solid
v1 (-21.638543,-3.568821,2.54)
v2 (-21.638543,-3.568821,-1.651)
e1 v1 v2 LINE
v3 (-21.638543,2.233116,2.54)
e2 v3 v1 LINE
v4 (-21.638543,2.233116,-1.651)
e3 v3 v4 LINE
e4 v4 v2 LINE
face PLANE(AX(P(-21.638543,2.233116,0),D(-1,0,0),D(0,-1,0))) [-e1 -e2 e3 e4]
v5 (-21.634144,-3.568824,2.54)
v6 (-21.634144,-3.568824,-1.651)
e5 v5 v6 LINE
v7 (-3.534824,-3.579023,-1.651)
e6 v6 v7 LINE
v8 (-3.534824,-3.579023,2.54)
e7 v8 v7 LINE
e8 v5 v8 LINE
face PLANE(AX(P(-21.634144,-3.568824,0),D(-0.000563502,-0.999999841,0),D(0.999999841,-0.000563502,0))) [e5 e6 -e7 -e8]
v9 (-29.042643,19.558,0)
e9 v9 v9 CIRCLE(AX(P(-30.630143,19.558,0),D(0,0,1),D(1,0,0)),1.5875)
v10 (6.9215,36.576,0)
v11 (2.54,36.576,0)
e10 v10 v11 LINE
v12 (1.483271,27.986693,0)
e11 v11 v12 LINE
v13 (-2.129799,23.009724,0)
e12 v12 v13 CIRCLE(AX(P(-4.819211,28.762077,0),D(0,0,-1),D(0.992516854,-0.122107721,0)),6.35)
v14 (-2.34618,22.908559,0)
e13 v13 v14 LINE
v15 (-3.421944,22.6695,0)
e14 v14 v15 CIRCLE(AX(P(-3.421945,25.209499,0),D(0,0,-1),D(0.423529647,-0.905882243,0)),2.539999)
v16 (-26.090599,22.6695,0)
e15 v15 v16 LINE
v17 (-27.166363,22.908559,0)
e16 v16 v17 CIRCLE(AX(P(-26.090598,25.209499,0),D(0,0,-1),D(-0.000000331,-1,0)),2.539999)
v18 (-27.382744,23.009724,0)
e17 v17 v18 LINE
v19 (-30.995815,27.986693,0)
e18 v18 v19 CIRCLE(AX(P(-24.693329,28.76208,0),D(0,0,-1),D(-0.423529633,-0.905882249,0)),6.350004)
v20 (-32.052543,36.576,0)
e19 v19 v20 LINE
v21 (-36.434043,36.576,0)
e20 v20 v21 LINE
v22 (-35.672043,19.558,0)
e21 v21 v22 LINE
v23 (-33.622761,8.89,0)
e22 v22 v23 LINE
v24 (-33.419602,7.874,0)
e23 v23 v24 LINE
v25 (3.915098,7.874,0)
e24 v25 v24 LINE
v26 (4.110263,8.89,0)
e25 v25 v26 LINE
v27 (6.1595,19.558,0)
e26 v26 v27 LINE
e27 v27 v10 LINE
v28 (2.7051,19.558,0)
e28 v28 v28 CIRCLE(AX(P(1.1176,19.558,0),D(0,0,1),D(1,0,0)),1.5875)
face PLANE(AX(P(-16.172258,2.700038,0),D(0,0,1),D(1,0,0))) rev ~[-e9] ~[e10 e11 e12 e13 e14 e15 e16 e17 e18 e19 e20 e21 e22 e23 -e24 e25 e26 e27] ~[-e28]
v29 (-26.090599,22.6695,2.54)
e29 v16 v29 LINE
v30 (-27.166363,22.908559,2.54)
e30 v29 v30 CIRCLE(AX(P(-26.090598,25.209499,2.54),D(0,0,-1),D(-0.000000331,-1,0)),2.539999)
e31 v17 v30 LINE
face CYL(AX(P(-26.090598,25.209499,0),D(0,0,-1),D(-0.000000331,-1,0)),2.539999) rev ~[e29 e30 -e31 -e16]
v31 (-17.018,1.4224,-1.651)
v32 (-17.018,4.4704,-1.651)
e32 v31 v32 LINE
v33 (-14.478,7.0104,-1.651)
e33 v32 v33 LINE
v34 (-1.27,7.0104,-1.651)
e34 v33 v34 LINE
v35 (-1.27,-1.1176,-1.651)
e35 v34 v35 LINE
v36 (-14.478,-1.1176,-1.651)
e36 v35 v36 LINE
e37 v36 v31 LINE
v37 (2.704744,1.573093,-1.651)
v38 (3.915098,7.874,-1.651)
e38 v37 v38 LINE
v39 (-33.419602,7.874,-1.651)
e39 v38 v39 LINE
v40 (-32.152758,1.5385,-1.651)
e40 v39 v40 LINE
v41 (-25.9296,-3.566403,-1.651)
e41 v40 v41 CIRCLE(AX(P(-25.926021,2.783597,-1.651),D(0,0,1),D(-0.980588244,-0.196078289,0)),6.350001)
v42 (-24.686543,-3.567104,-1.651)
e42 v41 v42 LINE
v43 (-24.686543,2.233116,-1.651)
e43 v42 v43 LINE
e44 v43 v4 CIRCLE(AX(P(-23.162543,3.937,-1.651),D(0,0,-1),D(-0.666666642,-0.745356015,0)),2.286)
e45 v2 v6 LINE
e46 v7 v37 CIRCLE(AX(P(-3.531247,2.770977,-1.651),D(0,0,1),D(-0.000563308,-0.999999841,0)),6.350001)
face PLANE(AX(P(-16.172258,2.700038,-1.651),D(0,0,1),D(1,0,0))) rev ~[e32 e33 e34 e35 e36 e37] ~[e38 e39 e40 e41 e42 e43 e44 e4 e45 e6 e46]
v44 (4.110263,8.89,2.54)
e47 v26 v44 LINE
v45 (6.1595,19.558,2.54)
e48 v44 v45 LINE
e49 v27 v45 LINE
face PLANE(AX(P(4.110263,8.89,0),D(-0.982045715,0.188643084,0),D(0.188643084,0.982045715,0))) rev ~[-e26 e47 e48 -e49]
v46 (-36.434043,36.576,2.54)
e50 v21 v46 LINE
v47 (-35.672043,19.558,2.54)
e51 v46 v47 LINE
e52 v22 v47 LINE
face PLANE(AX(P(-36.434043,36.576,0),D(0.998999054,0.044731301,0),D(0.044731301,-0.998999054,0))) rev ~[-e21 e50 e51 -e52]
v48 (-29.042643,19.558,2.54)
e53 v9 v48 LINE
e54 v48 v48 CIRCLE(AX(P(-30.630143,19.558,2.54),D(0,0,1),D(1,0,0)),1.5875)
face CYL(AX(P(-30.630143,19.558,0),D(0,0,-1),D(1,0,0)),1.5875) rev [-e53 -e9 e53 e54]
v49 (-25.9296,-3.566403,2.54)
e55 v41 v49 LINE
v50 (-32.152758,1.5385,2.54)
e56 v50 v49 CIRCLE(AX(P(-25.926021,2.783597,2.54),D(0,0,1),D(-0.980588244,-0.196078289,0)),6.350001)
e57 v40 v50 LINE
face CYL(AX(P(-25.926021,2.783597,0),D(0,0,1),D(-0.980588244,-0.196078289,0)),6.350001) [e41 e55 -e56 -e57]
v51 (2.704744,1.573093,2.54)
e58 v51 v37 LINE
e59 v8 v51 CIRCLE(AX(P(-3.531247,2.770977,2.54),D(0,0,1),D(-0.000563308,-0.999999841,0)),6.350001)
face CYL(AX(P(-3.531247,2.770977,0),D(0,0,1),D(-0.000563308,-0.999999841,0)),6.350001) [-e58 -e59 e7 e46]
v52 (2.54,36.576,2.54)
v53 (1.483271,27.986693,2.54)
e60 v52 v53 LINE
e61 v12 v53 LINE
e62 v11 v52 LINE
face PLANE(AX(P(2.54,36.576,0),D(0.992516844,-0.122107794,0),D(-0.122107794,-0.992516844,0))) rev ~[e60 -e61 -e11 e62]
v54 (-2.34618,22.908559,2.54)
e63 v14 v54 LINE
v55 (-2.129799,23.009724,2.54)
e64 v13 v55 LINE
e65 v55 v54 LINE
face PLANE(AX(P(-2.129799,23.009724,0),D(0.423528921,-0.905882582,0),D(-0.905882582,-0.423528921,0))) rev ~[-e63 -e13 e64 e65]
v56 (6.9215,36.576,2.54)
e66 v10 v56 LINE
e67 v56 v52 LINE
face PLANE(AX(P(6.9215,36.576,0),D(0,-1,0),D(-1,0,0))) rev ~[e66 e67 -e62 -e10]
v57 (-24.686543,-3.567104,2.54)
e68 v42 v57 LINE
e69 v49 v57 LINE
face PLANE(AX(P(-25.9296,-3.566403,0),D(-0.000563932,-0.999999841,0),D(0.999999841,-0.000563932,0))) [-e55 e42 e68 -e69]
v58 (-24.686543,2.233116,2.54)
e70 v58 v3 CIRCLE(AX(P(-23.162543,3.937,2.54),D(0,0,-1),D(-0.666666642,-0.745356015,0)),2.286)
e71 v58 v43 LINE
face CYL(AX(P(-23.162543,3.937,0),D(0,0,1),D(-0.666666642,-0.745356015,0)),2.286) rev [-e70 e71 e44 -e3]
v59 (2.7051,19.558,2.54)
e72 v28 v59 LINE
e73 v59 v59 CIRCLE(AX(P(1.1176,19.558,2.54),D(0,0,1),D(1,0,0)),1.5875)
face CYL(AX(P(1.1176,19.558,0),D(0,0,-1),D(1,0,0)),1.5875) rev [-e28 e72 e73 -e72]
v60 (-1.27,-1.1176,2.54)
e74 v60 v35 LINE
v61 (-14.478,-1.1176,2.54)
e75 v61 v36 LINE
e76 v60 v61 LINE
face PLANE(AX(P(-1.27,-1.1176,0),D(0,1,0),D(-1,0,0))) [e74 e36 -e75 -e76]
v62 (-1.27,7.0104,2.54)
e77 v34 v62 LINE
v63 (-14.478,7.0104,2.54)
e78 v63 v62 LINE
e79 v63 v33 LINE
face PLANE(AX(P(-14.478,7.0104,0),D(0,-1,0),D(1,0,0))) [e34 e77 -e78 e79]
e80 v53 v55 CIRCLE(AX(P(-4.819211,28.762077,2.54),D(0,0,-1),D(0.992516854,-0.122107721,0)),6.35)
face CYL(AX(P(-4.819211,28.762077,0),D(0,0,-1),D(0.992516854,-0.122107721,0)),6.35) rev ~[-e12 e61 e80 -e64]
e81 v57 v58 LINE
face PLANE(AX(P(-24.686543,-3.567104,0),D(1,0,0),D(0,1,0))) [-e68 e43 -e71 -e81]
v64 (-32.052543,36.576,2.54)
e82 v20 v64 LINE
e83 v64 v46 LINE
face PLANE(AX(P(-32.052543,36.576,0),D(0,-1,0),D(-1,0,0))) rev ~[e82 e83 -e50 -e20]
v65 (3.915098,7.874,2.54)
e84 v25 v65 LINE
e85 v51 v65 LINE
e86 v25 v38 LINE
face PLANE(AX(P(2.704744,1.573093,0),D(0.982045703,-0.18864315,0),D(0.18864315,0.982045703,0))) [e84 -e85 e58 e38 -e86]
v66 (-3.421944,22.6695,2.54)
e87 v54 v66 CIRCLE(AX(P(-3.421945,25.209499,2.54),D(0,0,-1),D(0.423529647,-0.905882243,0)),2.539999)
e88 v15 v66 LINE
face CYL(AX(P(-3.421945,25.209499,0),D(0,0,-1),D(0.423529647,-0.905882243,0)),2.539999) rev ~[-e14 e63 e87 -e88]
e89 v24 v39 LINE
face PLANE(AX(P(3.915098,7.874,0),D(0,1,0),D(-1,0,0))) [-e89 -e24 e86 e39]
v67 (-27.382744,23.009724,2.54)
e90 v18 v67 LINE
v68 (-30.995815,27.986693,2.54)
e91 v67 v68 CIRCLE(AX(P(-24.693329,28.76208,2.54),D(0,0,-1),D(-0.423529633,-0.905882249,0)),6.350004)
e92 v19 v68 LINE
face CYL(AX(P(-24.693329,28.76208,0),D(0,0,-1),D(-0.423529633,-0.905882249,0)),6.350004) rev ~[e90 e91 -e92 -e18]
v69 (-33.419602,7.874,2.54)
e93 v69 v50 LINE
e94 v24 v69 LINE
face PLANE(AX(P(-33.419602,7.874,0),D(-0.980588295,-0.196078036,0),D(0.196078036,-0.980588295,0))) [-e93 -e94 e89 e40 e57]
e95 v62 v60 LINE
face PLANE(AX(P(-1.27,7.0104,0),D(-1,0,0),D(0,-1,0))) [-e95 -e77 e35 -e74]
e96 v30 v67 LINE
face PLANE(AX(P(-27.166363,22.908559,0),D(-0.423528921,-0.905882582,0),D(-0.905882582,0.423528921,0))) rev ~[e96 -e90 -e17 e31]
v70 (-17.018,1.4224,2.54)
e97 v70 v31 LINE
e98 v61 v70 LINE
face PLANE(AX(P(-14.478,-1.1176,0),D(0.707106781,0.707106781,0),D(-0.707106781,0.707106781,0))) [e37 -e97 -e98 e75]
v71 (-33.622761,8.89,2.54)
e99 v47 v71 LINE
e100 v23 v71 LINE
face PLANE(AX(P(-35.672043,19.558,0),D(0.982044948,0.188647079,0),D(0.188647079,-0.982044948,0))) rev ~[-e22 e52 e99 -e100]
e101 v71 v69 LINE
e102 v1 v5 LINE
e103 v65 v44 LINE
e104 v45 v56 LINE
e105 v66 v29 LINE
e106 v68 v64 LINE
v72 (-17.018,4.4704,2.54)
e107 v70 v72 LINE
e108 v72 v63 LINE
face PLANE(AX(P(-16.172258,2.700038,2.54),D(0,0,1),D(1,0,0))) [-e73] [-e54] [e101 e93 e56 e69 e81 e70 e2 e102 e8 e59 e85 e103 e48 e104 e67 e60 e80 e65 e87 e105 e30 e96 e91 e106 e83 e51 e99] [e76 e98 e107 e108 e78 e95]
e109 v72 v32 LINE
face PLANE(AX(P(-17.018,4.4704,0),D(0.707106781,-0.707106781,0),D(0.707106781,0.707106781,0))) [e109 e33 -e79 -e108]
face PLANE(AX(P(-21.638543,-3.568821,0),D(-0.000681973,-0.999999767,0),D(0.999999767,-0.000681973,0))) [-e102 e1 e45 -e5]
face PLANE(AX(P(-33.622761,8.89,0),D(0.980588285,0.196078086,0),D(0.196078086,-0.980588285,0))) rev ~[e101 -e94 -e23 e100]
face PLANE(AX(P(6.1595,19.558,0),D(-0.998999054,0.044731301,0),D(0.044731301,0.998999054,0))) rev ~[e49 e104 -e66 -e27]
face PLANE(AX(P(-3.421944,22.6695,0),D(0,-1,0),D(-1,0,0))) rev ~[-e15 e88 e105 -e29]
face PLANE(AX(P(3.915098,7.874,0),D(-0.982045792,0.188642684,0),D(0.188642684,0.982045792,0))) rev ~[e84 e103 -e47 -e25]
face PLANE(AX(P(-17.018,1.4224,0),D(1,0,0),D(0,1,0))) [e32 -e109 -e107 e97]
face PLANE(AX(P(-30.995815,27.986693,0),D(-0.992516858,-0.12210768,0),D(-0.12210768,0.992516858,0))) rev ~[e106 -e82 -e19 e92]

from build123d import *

# Parameters (mm, degrees)
F0_R     = 1.5875
F1_DEPTH = 2.54
F2_DEPTH = 2.54
F3_DEPTH = 1.651


with BuildPart() as f1:
    # F0 (on Top) → F1 (new body)
    with BuildSketch(Plane.XY):
        with BuildLine():
            ThreePointArc((-2.34618, 22.908559), (-2.870941, 22.729985), (-3.421944, 22.6695))
            Line((-3.421944, 22.6695), (-26.090599, 22.6695))
            ThreePointArc((-26.090599, 22.6695), (-26.641602, 22.729985), (-27.166363, 22.908559))
            Line((-27.166363, 22.908559), (-27.382744, 23.009724))
            ThreePointArc((-27.382744, 23.009724), (-29.832018, 25.031607), (-30.995815, 27.986693))
            Line((-30.995815, 27.986693), (-32.052543, 36.576))
            Line((-32.052543, 36.576), (-36.434043, 36.576))
            Line((-36.434043, 36.576), (-35.672043, 19.558))
            Line((-35.672043, 19.558), (-33.622761, 8.89))
            Line((-33.622761, 8.89), (-33.419602, 7.874))
            Line((-33.419602, 7.874), (3.915098, 7.874))
            Line((3.915098, 7.874), (4.110263, 8.89))
            Line((4.110263, 8.89), (6.1595, 19.558))
            Line((6.1595, 19.558), (6.9215, 36.576))
            Line((6.9215, 36.576), (2.54, 36.576))
            Line((2.54, 36.576), (1.483271, 27.986693))
            ThreePointArc((1.483271, 27.986693), (0.319475, 25.031607), (-2.129799, 23.009724))
            Line((-2.129799, 23.009724), (-2.34618, 22.908559))
        make_face()
        with Locations((-30.630143, 19.558)):
            Circle(F0_R, mode=Mode.SUBTRACT)
        with Locations((1.1176, 19.558)):
            Circle(F0_R, mode=Mode.SUBTRACT)
    extrude(amount=F1_DEPTH)

    # F0 (on Top) → F2 (join)
    with BuildSketch(Plane.XY):
        with BuildLine():
            Line((2.704744, 1.573093), (3.915098, 7.874))
            Line((3.915098, 7.874), (-33.419602, 7.874))
            Line((-33.419602, 7.874), (-32.152758, 1.5385))
            ThreePointArc((-32.152758, 1.5385), (-29.95333, -2.125914), (-25.9296, -3.566403))
            Line((-25.9296, -3.566403), (-24.686543, -3.567104))
            Line((-24.686543, -3.567104), (-24.686543, 2.233116))
            ThreePointArc((-24.686543, 2.233116), (-23.162543, 6.223), (-21.638543, 2.233116))
            Line((-21.638543, 2.233116), (-21.638543, -3.568821))
            Line((-21.638543, -3.568821), (-21.634144, -3.568824))
            Line((-21.634144, -3.568824), (-3.534824, -3.579023))
            ThreePointArc((-3.534824, -3.579023), (0.511873, -2.125521), (2.704744, 1.573093))
        make_face()
        Polygon((-1.27, 7.0104), (-1.27, -1.1176), (-14.478, -1.1176), (-17.018, 1.4224), (-17.018, 4.4704), (-14.478, 7.0104), align=None, mode=Mode.SUBTRACT)
    extrude(amount=F2_DEPTH)

    # F0 (on Top) → F3 (join)
    with BuildSketch(Plane.XY):
        with BuildLine():
            Line((2.704744, 1.573093), (3.915098, 7.874))
            Line((3.915098, 7.874), (-33.419602, 7.874))
            Line((-33.419602, 7.874), (-32.152758, 1.5385))
            ThreePointArc((-32.152758, 1.5385), (-29.95333, -2.125914), (-25.9296, -3.566403))
            Line((-25.9296, -3.566403), (-24.686543, -3.567104))
            Line((-24.686543, -3.567104), (-24.686543, 2.233116))
            ThreePointArc((-24.686543, 2.233116), (-23.162543, 6.223), (-21.638543, 2.233116))
            Line((-21.638543, 2.233116), (-21.638543, -3.568821))
            Line((-21.638543, -3.568821), (-21.634144, -3.568824))
            Line((-21.634144, -3.568824), (-3.534824, -3.579023))
            ThreePointArc((-3.534824, -3.579023), (0.511873, -2.125521), (2.704744, 1.573093))
        make_face()
        Polygon((-1.27, 7.0104), (-1.27, -1.1176), (-14.478, -1.1176), (-17.018, 1.4224), (-17.018, 4.4704), (-14.478, 7.0104), align=None, mode=Mode.SUBTRACT)
    extrude(amount=-F3_DEPTH)


solid = f1.part
